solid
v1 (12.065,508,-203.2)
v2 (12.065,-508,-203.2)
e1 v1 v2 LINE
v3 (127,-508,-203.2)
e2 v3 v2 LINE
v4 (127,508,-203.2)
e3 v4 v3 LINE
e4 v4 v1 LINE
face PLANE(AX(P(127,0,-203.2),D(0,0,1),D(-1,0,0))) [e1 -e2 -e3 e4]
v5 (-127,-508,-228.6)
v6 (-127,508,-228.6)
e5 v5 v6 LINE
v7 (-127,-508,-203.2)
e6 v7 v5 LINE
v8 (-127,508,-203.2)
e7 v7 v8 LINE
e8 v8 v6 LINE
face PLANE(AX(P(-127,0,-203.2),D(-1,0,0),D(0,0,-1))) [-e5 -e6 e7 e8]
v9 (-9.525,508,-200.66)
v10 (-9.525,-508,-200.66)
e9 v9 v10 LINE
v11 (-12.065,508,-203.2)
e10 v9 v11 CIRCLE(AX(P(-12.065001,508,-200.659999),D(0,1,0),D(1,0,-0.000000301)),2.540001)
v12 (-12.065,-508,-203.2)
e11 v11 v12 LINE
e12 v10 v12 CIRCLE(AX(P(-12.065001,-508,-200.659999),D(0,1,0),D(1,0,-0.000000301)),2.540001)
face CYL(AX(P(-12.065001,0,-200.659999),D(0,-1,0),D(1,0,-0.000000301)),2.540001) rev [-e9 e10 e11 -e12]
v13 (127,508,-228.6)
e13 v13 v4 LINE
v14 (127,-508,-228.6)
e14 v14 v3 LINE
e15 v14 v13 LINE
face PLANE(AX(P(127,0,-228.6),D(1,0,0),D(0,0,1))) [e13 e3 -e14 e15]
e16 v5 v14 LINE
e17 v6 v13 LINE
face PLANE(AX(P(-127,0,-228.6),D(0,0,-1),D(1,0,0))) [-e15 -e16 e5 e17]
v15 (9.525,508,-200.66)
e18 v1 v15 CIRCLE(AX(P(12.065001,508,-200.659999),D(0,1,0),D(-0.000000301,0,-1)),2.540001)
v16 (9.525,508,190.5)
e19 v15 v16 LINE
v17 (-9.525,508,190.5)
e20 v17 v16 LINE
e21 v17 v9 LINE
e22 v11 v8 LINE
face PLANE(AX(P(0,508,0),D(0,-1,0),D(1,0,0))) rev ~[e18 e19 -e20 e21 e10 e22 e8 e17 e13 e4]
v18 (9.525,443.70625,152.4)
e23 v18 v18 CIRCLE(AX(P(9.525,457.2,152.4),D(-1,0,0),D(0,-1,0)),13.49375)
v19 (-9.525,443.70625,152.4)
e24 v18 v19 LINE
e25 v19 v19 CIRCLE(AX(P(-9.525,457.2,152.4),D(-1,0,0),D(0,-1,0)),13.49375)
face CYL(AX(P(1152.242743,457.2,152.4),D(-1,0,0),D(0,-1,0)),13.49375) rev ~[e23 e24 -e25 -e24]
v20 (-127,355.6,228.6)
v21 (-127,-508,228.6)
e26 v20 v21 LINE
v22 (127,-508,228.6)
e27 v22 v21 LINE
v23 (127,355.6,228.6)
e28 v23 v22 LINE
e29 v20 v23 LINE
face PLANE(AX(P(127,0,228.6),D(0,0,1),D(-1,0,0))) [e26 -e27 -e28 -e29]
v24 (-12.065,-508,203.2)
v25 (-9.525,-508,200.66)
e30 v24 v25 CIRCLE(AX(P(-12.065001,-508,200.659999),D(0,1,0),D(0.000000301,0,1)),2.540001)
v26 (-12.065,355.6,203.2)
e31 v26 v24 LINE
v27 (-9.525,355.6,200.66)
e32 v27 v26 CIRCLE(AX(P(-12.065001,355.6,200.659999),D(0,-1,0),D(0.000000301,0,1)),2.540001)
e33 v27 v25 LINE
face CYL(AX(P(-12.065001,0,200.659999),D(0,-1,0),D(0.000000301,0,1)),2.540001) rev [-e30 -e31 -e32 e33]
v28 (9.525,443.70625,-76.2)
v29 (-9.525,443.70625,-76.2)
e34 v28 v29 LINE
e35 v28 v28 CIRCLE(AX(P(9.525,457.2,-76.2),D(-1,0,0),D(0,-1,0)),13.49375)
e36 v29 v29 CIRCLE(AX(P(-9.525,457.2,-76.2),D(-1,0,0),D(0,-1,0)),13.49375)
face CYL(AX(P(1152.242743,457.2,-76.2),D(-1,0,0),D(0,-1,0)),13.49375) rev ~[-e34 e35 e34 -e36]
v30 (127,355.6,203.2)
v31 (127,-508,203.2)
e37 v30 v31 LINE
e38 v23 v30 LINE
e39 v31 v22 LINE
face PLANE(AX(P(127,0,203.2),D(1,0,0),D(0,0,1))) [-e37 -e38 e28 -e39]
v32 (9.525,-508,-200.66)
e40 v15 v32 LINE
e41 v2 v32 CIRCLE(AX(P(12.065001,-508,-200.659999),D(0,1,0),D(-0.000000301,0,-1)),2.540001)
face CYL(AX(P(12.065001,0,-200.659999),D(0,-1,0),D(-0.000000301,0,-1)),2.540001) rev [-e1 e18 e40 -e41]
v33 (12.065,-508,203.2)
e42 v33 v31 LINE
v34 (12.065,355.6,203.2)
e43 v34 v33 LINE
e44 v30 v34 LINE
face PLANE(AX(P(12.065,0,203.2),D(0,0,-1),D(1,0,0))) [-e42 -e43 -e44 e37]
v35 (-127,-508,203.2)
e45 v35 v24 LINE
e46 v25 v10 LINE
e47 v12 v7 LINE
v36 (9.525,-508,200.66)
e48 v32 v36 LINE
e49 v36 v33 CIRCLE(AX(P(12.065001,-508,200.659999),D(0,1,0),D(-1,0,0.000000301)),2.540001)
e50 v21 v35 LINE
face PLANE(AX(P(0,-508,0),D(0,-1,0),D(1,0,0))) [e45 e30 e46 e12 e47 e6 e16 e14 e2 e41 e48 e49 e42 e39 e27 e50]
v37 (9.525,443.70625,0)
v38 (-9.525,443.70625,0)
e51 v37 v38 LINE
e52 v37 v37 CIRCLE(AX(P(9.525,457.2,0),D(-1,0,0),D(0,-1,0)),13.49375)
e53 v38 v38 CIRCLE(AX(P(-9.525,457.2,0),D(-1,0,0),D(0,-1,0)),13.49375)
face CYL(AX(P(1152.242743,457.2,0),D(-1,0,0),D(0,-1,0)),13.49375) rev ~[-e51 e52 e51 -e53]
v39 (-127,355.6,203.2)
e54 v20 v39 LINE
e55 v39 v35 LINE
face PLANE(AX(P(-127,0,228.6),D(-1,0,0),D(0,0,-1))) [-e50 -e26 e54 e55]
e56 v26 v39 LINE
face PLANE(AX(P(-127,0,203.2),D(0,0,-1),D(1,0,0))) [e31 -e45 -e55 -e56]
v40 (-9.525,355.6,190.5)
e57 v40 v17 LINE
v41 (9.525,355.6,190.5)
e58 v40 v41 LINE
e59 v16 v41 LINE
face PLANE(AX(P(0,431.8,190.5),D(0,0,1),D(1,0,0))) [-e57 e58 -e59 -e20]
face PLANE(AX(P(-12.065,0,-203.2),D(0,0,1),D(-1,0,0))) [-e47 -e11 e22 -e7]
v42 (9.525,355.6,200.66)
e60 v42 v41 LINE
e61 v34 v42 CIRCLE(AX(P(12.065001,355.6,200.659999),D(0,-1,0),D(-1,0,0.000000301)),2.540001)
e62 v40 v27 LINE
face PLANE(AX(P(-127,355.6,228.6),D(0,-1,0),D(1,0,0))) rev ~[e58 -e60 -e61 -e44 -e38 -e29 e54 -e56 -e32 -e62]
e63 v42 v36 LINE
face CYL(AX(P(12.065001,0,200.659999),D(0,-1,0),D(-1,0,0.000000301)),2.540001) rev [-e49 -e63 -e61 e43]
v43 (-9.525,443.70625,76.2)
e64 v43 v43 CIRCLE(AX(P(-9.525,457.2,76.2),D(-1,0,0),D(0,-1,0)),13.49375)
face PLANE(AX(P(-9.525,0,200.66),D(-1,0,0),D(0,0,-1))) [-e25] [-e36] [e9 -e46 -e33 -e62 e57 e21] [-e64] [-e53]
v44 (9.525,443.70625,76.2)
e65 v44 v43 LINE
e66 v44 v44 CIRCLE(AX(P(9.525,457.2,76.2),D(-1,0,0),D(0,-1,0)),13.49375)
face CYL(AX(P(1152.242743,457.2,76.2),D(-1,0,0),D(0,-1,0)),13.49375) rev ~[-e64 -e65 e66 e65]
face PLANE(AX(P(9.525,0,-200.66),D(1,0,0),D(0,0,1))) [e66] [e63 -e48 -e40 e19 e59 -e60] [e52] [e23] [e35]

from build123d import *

# Parameters (mm, degrees)
F1_DEPTH = 508
F3_D     = 26.9875
F4_W     = 254
F4_H     = 152.4
F5_DEPTH = 38.1


with BuildPart() as f1:
    # F0 (on Front) → F1 (new body, symmetric)
    with BuildSketch(Plane.XZ):
        with BuildLine():
            Line((127, -228.6), (127, -203.2))
            Line((127, -203.2), (12.065, -203.2))
            ThreePointArc((12.065, -203.2), (10.268949, -202.456051), (9.525, -200.66))
            Line((9.525, -200.66), (9.525, 200.66))
            ThreePointArc((9.525, 200.66), (10.268949, 202.456051), (12.065, 203.2))
            Line((12.065, 203.2), (127, 203.2))
            Line((127, 203.2), (127, 228.6))
            Line((127, 228.6), (-127, 228.6))
            Line((-127, 228.6), (-127, 203.2))
            Line((-127, 203.2), (-12.065, 203.2))
            ThreePointArc((-12.065, 203.2), (-10.268949, 202.456051), (-9.525, 200.66))
            Line((-9.525, 200.66), (-9.525, -200.66))
            ThreePointArc((-9.525, -200.66), (-10.268949, -202.456051), (-12.065, -203.2))
            Line((-12.065, -203.2), (-127, -203.2))
            Line((-127, -203.2), (-127, -228.6))
            Line((-127, -228.6), (127, -228.6))
        make_face()
    extrude(amount=F1_DEPTH, both=True)

    # F3 (through all)
    with Locations(Plane.YZ.offset(9.525)):
        with Locations((457.2, 152.4), (457.2, 76.2), (457.2, 0), (457.2, -76.2)):
            Hole(F3_D / 2)

    # F4 (on face) → F5 (cut)
    with BuildSketch(Plane.XY.offset(228.6)):
        with Locations((0, 431.8)):
            Rectangle(F4_W, F4_H)
    extrude(amount=-F5_DEPTH, mode=Mode.SUBTRACT)


solid = f1.part
